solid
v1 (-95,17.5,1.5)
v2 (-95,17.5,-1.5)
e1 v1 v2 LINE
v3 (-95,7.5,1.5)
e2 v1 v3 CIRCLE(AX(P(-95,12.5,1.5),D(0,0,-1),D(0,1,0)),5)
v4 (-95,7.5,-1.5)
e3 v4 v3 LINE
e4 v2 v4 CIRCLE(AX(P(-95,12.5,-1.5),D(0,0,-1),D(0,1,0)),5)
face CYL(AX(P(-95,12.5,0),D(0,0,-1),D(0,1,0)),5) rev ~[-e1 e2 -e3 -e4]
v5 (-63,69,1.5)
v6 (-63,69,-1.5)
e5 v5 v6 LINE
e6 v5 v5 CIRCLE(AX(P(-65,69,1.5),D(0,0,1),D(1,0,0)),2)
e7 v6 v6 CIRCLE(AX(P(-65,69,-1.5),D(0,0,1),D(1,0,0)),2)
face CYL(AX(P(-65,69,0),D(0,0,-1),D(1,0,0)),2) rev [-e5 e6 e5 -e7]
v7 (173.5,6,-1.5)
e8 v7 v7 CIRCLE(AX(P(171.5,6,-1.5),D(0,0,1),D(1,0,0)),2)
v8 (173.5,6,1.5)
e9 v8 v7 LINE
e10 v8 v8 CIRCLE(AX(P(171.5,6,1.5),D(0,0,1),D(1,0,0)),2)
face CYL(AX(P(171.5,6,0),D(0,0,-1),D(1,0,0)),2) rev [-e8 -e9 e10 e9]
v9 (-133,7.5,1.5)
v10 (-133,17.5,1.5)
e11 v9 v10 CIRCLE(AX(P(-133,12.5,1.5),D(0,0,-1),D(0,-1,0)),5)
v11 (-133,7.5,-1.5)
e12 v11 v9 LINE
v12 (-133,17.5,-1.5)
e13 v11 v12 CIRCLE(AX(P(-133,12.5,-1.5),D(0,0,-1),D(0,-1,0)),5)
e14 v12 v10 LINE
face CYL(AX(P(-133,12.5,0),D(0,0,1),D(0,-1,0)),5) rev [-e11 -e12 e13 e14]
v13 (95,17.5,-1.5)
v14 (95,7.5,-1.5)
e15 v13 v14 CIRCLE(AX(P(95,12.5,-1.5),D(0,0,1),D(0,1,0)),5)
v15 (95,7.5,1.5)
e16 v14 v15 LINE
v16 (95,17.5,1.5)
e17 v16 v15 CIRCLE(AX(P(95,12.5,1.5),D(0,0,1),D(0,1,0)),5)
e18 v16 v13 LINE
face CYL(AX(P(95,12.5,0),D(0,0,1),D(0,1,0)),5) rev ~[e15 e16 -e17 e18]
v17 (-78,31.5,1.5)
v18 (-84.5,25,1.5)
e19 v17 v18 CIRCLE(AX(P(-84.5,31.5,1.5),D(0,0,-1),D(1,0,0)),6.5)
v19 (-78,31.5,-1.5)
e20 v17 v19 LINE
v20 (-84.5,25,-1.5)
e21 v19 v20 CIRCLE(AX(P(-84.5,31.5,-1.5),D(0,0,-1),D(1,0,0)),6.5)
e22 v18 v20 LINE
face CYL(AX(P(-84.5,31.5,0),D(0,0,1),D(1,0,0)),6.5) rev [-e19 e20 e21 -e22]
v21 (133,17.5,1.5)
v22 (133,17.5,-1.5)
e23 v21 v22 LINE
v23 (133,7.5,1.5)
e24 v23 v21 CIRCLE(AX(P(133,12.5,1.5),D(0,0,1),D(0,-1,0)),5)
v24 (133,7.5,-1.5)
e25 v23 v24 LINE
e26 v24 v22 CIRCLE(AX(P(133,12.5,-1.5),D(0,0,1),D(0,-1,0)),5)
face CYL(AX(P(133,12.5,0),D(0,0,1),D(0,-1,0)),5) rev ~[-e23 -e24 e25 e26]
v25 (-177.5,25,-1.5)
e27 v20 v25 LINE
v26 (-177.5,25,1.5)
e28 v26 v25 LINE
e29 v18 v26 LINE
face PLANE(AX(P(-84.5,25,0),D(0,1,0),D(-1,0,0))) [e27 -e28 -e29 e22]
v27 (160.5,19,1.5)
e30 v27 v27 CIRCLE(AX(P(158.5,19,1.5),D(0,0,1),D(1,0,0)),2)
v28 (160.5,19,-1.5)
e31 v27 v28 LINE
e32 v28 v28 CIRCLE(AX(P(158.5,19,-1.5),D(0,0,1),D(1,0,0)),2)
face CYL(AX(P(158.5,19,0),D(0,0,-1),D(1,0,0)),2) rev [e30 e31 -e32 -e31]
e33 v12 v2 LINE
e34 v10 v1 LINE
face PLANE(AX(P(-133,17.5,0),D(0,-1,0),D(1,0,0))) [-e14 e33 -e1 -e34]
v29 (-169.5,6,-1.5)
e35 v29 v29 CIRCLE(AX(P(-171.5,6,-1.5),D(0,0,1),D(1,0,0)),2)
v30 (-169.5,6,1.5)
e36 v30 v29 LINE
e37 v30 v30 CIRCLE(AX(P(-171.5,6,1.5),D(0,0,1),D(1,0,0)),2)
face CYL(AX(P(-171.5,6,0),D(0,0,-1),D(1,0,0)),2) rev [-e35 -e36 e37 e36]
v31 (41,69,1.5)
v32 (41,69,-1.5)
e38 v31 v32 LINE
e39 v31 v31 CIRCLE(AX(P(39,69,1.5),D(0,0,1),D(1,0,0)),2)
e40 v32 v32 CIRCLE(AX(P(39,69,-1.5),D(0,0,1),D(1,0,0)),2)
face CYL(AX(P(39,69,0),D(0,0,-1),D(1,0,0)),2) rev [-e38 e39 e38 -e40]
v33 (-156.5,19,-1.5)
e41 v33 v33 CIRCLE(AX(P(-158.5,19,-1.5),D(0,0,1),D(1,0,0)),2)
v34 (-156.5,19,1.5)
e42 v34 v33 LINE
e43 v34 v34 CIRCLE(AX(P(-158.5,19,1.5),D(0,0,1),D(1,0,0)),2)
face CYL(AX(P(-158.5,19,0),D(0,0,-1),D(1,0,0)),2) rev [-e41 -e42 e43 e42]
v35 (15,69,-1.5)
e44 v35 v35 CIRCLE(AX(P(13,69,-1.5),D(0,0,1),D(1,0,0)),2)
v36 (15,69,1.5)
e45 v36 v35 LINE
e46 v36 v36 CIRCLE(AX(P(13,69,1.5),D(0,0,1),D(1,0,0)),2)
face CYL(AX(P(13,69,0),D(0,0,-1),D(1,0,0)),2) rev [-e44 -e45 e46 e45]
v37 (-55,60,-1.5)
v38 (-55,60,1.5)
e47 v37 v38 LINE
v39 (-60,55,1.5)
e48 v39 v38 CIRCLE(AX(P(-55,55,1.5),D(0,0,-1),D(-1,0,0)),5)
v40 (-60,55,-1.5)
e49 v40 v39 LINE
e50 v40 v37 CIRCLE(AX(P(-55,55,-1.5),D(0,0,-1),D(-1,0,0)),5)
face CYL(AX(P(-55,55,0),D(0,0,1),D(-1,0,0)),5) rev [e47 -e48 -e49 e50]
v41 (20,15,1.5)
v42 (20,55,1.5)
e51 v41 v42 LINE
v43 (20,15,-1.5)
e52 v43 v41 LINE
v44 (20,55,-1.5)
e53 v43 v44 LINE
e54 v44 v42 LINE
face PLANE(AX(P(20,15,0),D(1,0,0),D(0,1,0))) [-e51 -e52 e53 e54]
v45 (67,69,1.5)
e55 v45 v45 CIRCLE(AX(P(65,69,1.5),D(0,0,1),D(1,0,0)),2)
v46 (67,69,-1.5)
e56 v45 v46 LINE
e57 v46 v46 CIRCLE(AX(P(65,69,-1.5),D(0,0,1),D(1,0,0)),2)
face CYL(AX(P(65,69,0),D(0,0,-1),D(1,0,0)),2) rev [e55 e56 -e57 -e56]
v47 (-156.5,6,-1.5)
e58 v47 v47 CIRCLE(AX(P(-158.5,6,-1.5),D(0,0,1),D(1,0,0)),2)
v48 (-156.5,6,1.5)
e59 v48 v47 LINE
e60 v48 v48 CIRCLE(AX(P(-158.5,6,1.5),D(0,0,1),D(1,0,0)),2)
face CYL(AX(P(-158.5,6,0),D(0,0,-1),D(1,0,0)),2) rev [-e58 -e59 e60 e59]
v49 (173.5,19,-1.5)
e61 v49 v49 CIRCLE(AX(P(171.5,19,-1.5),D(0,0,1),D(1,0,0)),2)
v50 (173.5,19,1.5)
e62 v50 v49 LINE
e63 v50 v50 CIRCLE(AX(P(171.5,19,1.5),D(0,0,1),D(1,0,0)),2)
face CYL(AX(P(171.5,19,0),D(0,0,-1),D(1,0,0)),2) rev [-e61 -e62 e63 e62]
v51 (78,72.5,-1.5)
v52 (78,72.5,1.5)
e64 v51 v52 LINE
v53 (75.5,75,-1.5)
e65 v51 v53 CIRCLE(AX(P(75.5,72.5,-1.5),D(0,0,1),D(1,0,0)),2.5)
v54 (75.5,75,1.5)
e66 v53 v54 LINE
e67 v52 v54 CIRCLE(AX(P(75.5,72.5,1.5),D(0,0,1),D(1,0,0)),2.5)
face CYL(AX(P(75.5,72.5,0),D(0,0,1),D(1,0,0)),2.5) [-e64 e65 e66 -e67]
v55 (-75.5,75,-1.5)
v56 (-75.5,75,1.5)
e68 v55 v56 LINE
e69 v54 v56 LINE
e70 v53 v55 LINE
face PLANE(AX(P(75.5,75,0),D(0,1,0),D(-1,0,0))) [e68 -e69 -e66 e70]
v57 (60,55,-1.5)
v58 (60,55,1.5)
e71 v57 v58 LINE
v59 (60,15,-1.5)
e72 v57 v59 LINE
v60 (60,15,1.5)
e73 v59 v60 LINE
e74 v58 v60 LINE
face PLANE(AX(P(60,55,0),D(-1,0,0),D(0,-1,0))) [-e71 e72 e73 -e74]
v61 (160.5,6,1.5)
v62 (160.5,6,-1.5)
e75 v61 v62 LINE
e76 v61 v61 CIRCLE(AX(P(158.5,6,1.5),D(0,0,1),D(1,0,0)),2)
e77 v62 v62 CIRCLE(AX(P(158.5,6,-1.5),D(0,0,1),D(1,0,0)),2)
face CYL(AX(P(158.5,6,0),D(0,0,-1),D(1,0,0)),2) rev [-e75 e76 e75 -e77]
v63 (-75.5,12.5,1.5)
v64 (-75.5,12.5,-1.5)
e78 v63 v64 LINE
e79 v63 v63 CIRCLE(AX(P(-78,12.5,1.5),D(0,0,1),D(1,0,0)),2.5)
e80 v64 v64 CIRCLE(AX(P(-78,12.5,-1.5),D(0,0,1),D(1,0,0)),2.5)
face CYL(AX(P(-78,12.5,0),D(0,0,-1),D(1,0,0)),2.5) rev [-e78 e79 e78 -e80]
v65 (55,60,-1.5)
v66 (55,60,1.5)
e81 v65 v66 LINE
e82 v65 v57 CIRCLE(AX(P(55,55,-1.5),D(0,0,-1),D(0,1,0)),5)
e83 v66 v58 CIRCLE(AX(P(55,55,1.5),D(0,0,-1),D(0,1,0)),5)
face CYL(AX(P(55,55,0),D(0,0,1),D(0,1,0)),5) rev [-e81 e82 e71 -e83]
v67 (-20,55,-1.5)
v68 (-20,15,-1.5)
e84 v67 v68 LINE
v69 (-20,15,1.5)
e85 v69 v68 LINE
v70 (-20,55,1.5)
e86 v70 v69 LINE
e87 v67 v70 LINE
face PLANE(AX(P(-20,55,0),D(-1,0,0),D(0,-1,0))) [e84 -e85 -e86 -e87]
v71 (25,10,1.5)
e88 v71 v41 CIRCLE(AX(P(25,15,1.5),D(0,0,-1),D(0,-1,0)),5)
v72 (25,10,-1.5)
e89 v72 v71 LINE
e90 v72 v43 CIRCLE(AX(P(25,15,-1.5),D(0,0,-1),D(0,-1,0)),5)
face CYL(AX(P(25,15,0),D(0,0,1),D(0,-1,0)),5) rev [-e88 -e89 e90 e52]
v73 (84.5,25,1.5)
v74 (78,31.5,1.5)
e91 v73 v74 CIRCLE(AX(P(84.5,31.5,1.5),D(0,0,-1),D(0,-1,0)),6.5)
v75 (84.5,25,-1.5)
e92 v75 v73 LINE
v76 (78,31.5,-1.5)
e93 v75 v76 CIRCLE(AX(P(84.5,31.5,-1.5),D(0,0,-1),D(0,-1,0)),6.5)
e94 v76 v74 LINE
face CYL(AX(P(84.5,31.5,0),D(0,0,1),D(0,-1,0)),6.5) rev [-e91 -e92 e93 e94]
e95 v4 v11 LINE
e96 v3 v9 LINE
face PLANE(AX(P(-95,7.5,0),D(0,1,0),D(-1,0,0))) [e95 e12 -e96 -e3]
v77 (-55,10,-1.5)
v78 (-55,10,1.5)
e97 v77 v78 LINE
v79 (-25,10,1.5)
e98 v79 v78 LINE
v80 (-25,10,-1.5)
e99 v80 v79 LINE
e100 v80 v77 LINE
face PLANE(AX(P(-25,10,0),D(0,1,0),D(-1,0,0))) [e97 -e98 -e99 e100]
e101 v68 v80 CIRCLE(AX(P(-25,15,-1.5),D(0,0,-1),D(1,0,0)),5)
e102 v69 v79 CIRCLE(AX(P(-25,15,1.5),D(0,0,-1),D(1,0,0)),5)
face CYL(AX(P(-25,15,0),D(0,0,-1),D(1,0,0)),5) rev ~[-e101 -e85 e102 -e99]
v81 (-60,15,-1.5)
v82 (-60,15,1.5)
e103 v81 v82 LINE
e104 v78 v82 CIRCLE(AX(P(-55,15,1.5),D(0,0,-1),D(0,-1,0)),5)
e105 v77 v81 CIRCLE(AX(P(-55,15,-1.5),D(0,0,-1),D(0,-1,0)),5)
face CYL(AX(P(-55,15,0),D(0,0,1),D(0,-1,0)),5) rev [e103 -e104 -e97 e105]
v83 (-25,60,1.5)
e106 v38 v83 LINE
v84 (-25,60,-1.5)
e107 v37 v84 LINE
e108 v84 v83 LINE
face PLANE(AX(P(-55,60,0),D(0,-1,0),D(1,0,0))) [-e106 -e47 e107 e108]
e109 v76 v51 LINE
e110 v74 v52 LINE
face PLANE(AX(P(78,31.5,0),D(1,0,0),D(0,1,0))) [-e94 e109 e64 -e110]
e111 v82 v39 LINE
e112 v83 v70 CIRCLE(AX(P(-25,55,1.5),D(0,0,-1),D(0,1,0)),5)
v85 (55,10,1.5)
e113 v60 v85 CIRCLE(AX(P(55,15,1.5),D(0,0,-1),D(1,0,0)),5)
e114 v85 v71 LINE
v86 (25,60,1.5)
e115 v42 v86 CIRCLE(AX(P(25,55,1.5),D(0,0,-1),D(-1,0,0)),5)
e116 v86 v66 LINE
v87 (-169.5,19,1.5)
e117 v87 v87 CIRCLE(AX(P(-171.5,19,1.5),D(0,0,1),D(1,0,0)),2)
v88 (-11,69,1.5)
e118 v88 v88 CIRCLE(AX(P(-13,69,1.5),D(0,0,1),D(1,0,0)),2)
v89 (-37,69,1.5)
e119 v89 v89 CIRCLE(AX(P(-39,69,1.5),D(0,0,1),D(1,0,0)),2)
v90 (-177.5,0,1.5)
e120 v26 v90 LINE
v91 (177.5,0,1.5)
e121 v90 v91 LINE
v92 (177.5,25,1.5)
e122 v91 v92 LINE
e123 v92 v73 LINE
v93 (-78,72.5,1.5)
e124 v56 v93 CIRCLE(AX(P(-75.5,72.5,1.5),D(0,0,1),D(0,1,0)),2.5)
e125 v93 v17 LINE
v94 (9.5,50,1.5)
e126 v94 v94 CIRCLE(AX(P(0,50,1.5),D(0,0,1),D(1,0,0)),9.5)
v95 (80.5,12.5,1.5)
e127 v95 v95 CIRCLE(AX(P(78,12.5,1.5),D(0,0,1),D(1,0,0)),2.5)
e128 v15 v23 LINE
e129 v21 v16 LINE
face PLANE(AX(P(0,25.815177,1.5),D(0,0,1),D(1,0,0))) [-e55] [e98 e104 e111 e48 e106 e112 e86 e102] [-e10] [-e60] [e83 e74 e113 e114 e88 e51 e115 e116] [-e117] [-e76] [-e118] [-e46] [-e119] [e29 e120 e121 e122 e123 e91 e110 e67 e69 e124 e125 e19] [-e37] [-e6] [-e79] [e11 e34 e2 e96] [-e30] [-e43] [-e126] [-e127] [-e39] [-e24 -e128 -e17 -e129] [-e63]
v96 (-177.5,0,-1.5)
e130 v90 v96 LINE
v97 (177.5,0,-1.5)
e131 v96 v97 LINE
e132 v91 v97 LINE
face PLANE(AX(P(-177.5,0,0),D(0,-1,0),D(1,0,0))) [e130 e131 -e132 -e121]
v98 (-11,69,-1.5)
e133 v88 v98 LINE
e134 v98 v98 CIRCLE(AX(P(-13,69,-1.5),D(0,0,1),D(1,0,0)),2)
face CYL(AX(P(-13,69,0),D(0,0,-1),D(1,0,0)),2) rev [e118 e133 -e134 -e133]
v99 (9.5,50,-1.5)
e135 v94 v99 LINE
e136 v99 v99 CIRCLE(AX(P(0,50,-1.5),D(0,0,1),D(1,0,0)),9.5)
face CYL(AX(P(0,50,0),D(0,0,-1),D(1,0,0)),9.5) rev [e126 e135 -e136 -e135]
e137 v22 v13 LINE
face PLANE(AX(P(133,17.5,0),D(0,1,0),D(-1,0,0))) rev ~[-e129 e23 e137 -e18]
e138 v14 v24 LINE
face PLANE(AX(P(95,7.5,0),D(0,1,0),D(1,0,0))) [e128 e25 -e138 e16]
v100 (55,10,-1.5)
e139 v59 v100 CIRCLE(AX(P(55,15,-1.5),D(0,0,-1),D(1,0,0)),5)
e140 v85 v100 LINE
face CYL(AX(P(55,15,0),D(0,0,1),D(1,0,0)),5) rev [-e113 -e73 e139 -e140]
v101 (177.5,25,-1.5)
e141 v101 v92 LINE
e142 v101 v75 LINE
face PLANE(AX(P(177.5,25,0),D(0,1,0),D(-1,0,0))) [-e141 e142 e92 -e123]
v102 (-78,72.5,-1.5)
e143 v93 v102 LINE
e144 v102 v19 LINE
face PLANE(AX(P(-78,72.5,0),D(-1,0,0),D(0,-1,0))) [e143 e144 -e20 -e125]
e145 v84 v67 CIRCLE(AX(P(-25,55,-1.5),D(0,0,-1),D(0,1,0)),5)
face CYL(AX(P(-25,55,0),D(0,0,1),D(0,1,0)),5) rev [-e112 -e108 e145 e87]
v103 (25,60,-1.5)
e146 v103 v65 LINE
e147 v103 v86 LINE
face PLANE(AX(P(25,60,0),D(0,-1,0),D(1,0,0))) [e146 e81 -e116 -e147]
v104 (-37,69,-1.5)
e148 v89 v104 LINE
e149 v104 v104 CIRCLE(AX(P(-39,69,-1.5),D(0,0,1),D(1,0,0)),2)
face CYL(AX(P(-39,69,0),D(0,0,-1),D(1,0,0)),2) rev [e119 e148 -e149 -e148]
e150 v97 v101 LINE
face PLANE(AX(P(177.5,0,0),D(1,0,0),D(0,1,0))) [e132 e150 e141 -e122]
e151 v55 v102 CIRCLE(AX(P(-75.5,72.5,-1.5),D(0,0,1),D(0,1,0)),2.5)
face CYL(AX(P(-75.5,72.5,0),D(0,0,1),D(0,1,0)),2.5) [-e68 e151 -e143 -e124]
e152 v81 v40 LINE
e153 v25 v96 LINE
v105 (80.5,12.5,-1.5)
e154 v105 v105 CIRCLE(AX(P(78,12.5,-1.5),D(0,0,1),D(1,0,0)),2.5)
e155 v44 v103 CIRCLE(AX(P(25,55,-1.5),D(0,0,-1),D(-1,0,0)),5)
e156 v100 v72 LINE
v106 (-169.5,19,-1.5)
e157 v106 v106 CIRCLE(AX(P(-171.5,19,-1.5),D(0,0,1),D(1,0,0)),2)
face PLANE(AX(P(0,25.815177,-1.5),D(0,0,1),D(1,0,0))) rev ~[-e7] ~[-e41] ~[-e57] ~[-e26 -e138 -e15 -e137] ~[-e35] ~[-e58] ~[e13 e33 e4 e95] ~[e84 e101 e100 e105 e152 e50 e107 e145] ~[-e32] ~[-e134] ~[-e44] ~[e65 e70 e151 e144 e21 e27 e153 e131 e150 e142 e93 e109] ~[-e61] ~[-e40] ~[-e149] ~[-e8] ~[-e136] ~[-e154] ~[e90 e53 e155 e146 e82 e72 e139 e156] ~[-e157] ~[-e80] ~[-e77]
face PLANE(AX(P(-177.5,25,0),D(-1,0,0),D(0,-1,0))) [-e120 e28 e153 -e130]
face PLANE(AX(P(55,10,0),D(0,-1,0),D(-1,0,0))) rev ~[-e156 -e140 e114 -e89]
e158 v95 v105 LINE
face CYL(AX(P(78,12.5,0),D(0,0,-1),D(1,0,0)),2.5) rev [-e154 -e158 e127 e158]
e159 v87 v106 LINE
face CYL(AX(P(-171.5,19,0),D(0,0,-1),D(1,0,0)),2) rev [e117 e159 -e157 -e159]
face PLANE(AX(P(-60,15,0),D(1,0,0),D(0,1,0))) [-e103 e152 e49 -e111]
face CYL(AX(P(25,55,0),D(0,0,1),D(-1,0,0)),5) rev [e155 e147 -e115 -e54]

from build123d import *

# Parameters (mm, degrees)
SKETCH1_R           = 9.5
SKETCH1_R_2         = 2
SKETCH1_R_3         = 2.5
BOSS_EXTRUDE1_DEPTH = 1.5


with BuildPart() as part:
    # Sketch1 → Boss-Extrude1 (new, symmetric)
    with BuildSketch(Plane.XY):
        with BuildLine():
            Line((177.5, 0), (177.5, 25))
            Line((177.5, 25), (84.5, 25))
            ThreePointArc((84.5, 25), (79.903805922, 26.903805922), (78, 31.5))
            Line((78, 31.5), (78, 72.5))
            ThreePointArc((78, 72.5), (77.267766953, 74.267766953), (75.5, 75))
            Line((75.5, 75), (-75.5, 75))
            ThreePointArc((-75.5, 75), (-77.267766953, 74.267766953), (-78, 72.5))
            Line((-78, 72.5), (-78, 31.5))
            ThreePointArc((-78, 31.5), (-79.903805922, 26.903805922), (-84.5, 25))
            Line((-84.5, 25), (-177.5, 25))
            Line((-177.5, 25), (-177.5, 0))
            Line((-177.5, 0), (177.5, 0))
        make_face()
        with Locations((0, 50)):
            Circle(SKETCH1_R, mode=Mode.SUBTRACT)
        with Locations((-65, 69)):
            Circle(SKETCH1_R_2, mode=Mode.SUBTRACT)
        with Locations((-39, 69)):
            Circle(SKETCH1_R_2, mode=Mode.SUBTRACT)
        with Locations((-13, 69)):
            Circle(SKETCH1_R_2, mode=Mode.SUBTRACT)
        with Locations((13, 69)):
            Circle(SKETCH1_R_2, mode=Mode.SUBTRACT)
        with Locations((39, 69)):
            Circle(SKETCH1_R_2, mode=Mode.SUBTRACT)
        with Locations((65, 69)):
            Circle(SKETCH1_R_2, mode=Mode.SUBTRACT)
        with Locations((-78, 12.5)):
            Circle(SKETCH1_R_3, mode=Mode.SUBTRACT)
        with Locations((-171.5, 19)):
            Circle(SKETCH1_R_2, mode=Mode.SUBTRACT)
        with Locations((-158.5, 19)):
            Circle(SKETCH1_R_2, mode=Mode.SUBTRACT)
        with Locations((-171.5, 6)):
            Circle(SKETCH1_R_2, mode=Mode.SUBTRACT)
        with Locations((-158.5, 6)):
            Circle(SKETCH1_R_2, mode=Mode.SUBTRACT)
        with Locations((171.5, 6)):
            Circle(SKETCH1_R_2, mode=Mode.SUBTRACT)
        with Locations((171.5, 19)):
            Circle(SKETCH1_R_2, mode=Mode.SUBTRACT)
        with Locations((158.5, 19)):
            Circle(SKETCH1_R_2, mode=Mode.SUBTRACT)
        with Locations((158.5, 6)):
            Circle(SKETCH1_R_2, mode=Mode.SUBTRACT)
        with Locations((78, 12.5)):
            Circle(SKETCH1_R_3, mode=Mode.SUBTRACT)
        with BuildLine():
            Line((-55, 60), (-25, 60))
            ThreePointArc((-25, 60), (-21.464466094, 58.535533906), (-20, 55))
            Line((-20, 55), (-20, 15))
            ThreePointArc((-20, 15), (-21.464466094, 11.464466094), (-25, 10))
            Line((-25, 10), (-55, 10))
            ThreePointArc((-55, 10), (-58.535533906, 11.464466094), (-60, 15))
            Line((-60, 15), (-60, 55))
            ThreePointArc((-60, 55), (-58.535533906, 58.535533906), (-55, 60))
        make_face(mode=Mode.SUBTRACT)
        with BuildLine():
            Line((-133, 17.5), (-95, 17.5))
            ThreePointArc((-95, 17.5), (-90, 12.5), (-95, 7.5))
            Line((-95, 7.5), (-133, 7.5))
            ThreePointArc((-133, 7.5), (-138, 12.5), (-133, 17.5))
        make_face(mode=Mode.SUBTRACT)
        with BuildLine():
            Line((133, 17.5), (95, 17.5))
            ThreePointArc((95, 17.5), (90, 12.5), (95, 7.5))
            Line((95, 7.5), (133, 7.5))
            ThreePointArc((133, 7.5), (138, 12.5), (133, 17.5))
        make_face(mode=Mode.SUBTRACT)
        with BuildLine():
            Line((55, 10), (25, 10))
            ThreePointArc((25, 10), (21.464466094, 11.464466094), (20, 15))
            Line((20, 15), (20, 55))
            ThreePointArc((20, 55), (21.464466094, 58.535533906), (25, 60))
            Line((25, 60), (55, 60))
            ThreePointArc((55, 60), (58.535533906, 58.535533906), (60, 55))
            Line((60, 55), (60, 15))
            ThreePointArc((60, 15), (58.535533906, 11.464466094), (55, 10))
        make_face(mode=Mode.SUBTRACT)
    extrude(amount=BOSS_EXTRUDE1_DEPTH, both=True)


solid = part.part
